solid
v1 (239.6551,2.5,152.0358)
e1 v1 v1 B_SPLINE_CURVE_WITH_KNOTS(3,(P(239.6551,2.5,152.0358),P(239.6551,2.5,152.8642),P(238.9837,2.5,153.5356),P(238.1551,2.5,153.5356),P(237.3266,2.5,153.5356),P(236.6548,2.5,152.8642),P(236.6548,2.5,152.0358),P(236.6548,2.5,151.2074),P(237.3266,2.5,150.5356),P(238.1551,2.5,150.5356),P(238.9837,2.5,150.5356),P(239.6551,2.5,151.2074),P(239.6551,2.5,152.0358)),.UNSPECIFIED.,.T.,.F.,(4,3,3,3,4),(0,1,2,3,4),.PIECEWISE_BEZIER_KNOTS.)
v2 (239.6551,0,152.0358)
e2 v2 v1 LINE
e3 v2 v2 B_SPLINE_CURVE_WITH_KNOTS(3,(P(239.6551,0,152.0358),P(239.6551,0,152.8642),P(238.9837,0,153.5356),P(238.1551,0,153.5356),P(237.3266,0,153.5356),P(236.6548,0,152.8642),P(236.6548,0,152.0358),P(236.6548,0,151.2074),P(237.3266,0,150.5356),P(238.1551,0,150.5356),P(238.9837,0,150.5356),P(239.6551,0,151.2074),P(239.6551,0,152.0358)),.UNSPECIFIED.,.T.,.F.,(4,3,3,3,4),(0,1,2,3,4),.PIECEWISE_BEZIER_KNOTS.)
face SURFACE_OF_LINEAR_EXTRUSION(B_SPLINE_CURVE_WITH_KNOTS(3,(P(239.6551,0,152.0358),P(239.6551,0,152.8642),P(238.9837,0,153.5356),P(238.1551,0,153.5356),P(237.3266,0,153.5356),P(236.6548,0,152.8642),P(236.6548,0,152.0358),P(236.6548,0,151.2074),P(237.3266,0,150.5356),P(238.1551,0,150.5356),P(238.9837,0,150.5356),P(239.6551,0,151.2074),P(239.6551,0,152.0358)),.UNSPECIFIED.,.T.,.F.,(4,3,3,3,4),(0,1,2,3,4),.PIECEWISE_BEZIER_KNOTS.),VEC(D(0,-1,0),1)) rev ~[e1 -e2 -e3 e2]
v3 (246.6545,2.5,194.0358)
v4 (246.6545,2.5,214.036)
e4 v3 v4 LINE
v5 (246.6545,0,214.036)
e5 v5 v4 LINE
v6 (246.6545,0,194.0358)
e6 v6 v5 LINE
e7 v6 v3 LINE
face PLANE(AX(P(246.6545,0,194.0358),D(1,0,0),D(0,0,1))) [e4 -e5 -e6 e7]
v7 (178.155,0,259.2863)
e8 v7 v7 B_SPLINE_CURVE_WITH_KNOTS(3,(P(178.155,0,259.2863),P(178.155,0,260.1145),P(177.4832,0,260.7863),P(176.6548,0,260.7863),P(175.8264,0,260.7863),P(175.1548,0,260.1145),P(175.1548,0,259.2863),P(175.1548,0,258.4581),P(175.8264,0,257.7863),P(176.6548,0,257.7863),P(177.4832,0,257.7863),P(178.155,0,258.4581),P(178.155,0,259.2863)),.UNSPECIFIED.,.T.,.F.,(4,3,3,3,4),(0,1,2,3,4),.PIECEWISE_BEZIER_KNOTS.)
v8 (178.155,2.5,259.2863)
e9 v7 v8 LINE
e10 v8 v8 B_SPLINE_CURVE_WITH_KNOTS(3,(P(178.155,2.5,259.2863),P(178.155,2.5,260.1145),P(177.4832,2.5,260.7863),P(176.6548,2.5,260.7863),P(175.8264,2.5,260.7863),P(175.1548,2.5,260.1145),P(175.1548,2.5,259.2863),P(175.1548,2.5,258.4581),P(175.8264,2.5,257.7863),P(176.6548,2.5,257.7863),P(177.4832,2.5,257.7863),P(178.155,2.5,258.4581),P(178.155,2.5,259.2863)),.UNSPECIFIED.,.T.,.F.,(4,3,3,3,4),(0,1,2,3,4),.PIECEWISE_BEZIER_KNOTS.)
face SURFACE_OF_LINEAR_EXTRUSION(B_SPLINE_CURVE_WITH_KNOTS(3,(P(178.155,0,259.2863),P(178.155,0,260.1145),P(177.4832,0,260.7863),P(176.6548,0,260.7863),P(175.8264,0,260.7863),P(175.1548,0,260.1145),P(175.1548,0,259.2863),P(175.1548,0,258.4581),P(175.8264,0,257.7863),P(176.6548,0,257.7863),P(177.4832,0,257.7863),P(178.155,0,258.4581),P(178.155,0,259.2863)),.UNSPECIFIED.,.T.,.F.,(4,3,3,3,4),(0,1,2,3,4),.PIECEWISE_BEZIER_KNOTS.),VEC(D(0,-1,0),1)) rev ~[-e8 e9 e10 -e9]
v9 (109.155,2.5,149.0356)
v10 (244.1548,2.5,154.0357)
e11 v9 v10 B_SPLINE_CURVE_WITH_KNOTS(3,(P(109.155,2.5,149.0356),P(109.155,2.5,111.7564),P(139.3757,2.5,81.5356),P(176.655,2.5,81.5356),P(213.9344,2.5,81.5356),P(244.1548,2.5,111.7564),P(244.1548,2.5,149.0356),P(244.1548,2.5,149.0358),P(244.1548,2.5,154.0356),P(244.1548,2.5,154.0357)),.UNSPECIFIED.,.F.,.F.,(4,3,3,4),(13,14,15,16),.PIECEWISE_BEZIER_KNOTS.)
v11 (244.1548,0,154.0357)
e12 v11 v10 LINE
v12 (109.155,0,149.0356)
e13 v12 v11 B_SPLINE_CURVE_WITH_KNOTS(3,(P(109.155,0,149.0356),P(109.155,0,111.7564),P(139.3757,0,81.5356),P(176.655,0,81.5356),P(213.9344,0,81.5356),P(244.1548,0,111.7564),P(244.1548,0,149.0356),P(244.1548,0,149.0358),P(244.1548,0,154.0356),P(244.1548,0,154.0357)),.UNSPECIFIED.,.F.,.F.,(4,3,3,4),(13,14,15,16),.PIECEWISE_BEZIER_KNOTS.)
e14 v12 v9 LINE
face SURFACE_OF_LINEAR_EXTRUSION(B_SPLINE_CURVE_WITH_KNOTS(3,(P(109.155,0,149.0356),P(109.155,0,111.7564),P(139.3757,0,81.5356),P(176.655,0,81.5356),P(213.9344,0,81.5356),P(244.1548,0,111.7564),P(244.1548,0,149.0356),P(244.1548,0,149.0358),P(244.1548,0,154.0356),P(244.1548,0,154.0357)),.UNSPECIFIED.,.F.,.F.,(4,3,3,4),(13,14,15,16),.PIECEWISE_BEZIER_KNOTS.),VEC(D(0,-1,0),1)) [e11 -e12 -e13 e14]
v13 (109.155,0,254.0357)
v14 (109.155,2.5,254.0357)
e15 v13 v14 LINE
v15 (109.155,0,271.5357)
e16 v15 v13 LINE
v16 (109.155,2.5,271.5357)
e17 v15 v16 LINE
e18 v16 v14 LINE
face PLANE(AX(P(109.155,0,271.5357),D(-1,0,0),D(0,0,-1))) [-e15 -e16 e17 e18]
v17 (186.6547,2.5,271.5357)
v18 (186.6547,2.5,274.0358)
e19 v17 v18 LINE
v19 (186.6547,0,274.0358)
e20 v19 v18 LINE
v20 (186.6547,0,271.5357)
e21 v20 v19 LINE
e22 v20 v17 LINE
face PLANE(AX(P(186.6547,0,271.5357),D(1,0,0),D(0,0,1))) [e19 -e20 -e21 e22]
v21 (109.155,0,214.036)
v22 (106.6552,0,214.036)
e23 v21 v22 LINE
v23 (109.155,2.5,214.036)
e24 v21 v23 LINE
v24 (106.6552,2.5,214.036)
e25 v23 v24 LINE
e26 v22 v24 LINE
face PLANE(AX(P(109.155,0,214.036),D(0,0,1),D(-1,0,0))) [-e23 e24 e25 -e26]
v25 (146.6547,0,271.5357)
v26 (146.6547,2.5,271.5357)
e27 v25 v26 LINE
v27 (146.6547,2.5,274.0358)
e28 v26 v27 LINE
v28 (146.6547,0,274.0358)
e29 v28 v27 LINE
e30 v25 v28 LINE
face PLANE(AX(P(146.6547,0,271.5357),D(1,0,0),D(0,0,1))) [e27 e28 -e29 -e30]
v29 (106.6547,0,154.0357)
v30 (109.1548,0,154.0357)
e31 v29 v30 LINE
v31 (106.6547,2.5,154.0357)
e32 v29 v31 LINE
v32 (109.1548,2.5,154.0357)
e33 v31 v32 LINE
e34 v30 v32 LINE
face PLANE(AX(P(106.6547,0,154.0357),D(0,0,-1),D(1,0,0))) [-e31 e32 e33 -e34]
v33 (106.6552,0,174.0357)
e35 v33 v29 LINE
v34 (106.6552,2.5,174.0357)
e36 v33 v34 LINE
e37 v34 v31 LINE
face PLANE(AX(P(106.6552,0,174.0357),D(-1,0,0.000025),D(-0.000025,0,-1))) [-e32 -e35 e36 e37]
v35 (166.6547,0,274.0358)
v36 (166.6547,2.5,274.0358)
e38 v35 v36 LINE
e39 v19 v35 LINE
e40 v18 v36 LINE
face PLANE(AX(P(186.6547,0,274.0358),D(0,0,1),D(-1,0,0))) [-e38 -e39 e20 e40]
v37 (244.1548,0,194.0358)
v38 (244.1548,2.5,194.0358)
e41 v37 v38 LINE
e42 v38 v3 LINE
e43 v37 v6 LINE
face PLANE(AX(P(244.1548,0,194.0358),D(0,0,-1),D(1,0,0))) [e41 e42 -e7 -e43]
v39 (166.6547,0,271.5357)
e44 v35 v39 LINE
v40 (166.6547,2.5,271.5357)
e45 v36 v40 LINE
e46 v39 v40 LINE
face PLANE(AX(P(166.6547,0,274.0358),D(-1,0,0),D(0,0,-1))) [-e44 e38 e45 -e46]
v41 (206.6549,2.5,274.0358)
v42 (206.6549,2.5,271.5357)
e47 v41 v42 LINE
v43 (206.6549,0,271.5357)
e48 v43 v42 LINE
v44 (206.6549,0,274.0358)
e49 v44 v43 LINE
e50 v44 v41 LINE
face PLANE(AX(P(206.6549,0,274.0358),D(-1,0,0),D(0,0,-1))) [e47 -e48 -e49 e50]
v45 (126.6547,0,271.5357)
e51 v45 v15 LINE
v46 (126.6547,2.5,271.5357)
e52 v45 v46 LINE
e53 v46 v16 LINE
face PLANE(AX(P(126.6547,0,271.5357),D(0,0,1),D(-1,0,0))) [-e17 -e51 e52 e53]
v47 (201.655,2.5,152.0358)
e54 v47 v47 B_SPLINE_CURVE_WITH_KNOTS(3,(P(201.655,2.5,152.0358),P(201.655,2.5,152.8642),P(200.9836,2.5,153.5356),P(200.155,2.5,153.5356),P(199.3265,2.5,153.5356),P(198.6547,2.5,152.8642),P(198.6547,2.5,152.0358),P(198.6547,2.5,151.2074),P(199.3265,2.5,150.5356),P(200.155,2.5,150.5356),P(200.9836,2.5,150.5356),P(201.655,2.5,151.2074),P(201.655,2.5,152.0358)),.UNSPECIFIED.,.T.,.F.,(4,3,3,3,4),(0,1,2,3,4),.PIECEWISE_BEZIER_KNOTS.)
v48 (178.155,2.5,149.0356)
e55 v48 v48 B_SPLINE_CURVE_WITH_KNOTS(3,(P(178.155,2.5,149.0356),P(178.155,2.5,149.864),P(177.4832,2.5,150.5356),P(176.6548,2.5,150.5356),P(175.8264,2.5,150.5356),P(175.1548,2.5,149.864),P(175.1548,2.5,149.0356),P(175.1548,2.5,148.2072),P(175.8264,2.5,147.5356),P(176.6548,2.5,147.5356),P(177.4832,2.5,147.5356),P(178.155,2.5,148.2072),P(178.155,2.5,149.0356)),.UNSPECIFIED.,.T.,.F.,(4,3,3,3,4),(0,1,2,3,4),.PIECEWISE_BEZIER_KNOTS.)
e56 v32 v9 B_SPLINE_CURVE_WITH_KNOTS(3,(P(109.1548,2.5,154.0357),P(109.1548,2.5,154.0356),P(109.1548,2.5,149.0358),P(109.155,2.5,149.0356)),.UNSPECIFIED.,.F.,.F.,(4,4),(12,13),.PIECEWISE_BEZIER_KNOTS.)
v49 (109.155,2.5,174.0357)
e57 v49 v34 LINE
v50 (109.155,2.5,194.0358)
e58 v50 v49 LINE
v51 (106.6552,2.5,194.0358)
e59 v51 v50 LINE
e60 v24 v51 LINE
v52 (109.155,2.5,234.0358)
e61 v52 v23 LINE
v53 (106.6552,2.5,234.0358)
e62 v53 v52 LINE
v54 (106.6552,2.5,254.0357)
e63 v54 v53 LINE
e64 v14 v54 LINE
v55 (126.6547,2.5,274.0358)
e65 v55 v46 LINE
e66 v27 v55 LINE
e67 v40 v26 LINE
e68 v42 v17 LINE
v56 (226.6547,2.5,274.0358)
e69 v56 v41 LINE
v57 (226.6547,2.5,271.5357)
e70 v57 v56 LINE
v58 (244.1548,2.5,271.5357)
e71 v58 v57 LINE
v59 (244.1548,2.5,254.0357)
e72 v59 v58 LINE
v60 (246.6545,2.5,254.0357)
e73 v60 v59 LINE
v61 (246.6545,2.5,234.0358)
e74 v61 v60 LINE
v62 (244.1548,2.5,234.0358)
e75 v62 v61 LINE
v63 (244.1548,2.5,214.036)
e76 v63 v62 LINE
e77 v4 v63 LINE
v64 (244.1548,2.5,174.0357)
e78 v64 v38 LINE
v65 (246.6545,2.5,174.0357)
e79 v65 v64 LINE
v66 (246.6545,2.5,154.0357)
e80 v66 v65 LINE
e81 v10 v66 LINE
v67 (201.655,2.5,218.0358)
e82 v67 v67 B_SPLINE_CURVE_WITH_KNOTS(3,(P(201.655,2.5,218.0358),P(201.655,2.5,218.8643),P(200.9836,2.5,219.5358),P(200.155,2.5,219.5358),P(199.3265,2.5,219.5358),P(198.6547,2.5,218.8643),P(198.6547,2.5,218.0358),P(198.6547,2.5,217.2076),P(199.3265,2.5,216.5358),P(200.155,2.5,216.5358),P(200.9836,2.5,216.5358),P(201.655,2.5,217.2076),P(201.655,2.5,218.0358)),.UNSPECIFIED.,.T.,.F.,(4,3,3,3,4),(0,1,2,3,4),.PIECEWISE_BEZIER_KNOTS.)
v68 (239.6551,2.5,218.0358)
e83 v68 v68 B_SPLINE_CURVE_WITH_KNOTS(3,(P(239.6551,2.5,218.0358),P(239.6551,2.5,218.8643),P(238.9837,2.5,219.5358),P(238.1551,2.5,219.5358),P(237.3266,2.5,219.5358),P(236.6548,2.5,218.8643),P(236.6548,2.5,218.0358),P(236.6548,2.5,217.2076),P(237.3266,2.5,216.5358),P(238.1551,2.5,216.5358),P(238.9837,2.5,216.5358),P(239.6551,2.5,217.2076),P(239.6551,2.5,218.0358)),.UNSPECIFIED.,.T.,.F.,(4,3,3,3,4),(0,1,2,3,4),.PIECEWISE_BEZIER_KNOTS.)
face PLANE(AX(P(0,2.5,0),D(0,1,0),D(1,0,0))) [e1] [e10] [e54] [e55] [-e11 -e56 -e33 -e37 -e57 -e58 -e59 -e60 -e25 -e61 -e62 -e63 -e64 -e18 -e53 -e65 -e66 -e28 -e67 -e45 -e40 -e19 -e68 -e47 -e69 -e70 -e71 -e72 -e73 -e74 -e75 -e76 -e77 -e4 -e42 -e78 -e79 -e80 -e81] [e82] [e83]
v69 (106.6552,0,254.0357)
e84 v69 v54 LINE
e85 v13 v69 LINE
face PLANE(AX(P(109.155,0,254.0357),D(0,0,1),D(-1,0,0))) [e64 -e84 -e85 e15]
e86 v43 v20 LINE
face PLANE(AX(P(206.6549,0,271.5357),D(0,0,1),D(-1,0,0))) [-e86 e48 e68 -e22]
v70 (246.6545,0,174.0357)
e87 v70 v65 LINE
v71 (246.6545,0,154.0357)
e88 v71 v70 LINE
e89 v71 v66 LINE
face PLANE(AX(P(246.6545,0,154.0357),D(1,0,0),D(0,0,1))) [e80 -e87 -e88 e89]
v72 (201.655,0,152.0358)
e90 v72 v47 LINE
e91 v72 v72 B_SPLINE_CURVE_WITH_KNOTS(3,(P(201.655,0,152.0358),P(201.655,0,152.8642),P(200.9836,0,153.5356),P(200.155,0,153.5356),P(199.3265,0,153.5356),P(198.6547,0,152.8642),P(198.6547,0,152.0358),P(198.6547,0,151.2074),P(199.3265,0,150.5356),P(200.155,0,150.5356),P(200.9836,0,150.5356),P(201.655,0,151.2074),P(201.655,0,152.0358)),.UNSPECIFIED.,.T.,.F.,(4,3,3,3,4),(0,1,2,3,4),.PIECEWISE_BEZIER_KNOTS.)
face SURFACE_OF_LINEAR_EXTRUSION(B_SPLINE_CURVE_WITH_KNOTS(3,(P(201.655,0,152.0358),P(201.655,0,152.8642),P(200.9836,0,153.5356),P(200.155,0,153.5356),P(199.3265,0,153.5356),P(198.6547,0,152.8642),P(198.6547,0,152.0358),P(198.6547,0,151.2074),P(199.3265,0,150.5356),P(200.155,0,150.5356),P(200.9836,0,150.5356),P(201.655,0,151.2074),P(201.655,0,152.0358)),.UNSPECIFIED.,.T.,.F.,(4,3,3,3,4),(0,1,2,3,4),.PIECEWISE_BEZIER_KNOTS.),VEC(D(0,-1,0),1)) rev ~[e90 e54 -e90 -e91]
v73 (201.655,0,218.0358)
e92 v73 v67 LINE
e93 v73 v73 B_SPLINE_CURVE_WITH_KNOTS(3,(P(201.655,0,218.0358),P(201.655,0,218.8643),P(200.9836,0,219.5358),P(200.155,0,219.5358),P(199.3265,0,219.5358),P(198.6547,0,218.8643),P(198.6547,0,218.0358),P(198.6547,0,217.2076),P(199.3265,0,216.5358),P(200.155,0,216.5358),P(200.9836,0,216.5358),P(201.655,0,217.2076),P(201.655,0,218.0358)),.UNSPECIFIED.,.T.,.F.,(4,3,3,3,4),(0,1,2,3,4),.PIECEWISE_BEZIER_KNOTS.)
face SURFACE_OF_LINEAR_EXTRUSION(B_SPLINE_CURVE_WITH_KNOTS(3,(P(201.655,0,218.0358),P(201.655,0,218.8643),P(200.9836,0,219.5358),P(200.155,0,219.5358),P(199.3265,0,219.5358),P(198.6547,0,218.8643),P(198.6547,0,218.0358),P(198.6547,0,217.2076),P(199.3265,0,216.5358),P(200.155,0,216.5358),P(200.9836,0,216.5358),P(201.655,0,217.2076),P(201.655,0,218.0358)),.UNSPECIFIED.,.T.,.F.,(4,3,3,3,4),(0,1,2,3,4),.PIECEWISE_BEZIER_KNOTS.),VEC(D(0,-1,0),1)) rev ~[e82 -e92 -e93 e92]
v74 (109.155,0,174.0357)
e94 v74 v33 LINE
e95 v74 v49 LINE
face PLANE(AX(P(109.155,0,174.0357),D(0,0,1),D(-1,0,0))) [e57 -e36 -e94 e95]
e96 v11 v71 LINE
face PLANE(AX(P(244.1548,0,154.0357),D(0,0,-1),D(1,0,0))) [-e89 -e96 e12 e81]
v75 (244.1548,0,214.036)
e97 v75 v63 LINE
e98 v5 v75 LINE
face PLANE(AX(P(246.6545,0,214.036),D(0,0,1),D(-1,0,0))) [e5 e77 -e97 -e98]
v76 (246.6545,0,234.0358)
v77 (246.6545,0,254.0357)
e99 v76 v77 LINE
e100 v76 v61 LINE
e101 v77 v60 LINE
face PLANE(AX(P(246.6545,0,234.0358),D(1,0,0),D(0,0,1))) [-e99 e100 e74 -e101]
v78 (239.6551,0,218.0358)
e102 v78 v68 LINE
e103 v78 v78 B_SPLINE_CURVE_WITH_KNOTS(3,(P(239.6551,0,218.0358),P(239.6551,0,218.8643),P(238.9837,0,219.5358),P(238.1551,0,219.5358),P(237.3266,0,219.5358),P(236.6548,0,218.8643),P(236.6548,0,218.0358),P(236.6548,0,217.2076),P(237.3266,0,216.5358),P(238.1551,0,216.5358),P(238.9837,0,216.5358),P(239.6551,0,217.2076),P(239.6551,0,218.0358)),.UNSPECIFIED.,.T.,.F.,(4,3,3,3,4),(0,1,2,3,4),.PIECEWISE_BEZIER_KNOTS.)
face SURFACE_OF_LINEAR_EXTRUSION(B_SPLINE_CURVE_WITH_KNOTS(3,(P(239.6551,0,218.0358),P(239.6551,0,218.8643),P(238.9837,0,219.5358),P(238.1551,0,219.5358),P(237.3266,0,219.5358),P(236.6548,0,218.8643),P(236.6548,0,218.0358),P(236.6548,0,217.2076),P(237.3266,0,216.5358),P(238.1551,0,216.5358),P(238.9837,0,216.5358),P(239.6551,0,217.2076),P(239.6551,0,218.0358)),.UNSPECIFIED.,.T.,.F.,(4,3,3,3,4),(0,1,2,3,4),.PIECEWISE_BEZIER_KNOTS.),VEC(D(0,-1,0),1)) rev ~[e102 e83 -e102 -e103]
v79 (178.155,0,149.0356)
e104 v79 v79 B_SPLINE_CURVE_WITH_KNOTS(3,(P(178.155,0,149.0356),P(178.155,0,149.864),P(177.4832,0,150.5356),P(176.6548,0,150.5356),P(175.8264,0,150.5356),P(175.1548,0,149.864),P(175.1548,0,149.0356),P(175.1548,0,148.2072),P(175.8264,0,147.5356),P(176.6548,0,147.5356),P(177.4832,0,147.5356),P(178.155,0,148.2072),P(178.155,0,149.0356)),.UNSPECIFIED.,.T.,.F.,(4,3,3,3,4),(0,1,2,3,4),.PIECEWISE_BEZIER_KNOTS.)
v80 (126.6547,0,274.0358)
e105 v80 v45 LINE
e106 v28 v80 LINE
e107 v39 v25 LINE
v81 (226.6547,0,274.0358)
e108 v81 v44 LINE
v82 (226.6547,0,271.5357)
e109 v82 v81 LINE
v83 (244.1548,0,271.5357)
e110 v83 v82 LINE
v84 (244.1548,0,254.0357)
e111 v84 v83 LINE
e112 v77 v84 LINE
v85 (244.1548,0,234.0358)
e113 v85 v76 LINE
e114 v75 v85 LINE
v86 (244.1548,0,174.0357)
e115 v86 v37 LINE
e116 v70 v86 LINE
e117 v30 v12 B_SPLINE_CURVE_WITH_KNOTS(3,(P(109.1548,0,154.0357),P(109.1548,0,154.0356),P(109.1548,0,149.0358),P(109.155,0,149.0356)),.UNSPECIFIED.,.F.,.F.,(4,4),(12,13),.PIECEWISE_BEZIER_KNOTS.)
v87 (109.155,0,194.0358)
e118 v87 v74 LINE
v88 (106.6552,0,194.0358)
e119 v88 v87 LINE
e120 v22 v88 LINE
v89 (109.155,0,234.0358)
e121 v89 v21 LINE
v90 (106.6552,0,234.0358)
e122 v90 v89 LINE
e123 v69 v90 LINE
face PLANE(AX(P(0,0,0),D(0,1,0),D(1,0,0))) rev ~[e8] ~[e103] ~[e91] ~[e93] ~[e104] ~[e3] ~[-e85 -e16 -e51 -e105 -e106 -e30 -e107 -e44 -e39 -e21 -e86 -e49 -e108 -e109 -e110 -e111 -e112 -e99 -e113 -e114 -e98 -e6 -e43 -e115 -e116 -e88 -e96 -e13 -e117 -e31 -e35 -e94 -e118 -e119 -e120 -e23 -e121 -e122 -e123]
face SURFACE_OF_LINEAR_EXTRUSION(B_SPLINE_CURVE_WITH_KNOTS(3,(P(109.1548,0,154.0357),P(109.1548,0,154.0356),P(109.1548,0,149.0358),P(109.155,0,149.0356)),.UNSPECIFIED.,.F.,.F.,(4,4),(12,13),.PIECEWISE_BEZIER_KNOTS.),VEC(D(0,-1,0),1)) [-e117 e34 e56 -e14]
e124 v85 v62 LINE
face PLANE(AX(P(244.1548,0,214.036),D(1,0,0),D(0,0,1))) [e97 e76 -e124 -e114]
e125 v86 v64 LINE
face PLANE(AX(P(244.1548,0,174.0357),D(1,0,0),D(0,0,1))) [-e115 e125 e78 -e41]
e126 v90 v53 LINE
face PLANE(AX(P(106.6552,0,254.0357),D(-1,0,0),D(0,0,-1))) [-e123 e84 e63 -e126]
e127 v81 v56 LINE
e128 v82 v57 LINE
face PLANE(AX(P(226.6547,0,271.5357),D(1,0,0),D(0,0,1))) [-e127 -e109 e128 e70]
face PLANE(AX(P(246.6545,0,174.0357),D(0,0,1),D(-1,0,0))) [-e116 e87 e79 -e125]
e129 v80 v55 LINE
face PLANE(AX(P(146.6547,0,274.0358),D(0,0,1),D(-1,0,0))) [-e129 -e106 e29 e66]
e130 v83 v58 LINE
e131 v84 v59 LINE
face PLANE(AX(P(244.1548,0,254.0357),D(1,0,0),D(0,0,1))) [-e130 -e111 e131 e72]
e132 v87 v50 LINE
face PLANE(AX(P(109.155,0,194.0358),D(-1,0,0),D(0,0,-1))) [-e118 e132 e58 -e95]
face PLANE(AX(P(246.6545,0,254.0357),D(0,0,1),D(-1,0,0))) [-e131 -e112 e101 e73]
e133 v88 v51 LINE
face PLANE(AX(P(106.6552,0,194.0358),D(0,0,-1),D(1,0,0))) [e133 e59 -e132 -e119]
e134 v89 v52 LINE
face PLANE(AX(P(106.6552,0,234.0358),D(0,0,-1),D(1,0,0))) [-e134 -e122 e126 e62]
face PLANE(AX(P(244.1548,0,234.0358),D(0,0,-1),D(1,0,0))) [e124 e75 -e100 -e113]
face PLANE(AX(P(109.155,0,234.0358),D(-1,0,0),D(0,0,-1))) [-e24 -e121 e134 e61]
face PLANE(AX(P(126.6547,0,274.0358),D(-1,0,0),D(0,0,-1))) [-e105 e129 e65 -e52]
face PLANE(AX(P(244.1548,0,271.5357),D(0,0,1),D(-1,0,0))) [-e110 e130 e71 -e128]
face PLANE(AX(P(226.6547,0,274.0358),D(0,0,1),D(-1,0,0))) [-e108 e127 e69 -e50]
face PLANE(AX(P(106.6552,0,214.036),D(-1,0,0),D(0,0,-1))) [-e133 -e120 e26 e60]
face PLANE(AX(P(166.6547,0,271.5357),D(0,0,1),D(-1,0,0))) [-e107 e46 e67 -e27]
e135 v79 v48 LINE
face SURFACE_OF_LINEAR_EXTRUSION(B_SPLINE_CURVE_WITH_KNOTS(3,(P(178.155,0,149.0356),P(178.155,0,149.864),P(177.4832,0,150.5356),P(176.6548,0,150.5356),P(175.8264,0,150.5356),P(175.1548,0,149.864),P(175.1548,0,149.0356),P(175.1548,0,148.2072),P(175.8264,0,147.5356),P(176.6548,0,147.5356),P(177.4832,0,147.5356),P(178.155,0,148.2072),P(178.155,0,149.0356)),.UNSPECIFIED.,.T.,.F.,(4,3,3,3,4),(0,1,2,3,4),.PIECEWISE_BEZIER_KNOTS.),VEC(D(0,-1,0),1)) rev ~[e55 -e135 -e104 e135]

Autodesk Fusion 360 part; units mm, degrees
sketch "スケッチ1" plane through (0, 0, 0) normal (0, 1, 0) x (1, 0, 0)
  spline S0 degree 3 poles (239.6551, -218.0358) (239.6551, -218.8643) (238.9837, -219.5358) (238.1551, -219.5358) (237.3266, -219.5358) (236.6548, -218.8643) (236.6548, -218.0358) (236.6548, -217.2076) (237.3266, -216.5358) (238.1551, -216.5358) (238.9837, -216.5358) (239.6551, -217.2076) (239.6551, -218.0358) knots 0 0 0 0 1 1 1 2 2 2 3 3 3 4 4 4 4
  line L0 (109.155, -271.5357) -> (109.155, -254.0357)
  line L1 (109.155, -254.0357) -> (106.6552, -254.0357)
  line L2 (106.6552, -254.0357) -> (106.6552, -234.0358)
  line L3 (106.6552, -234.0358) -> (109.155, -234.0358)
  line L4 (109.155, -234.0358) -> (109.155, -214.036)
  line L5 (109.155, -214.036) -> (106.6552, -214.036)
  line L6 (106.6552, -214.036) -> (106.6552, -194.0358)
  line L7 (106.6552, -194.0358) -> (109.155, -194.0358)
  line L8 (109.155, -194.0358) -> (109.155, -174.0357)
  line L9 (109.155, -174.0357) -> (106.6552, -174.0357)
  line L10 (106.6552, -174.0357) -> (106.6547, -154.0357)
  line L11 (106.6547, -154.0357) -> (109.1548, -154.0357)
  spline S1 degree 3 poles (109.1548, -154.0357) (109.1548, -154.0356) (109.1548, -149.0358) (109.155, -149.0356) knots 12 12 12 12 13 13 13 13
  spline S2 degree 3 poles (109.155, -149.0356) (109.155, -111.7564) (139.3757, -81.5356) (176.655, -81.5356) (213.9344, -81.5356) (244.1548, -111.7564) (244.1548, -149.0356) (244.1548, -149.0358) (244.1548, -154.0356) (244.1548, -154.0357) knots 13 13 13 13 14 14 14 15 15 15 16 16 16 16
  line L12 (244.1548, -154.0357) -> (246.6545, -154.0357)
  line L13 (246.6545, -154.0357) -> (246.6545, -174.0357)
  line L14 (246.6545, -174.0357) -> (244.1548, -174.0357)
  line L15 (244.1548, -174.0357) -> (244.1548, -194.0358)
  line L16 (244.1548, -194.0358) -> (246.6545, -194.0358)
  line L17 (246.6545, -194.0358) -> (246.6545, -214.036)
  line L18 (246.6545, -214.036) -> (244.1548, -214.036)
  line L19 (244.1548, -214.036) -> (244.1548, -234.0358)
  line L20 (244.1548, -234.0358) -> (246.6545, -234.0358)
  line L21 (246.6545, -234.0358) -> (246.6545, -254.0357)
  line L22 (246.6545, -254.0357) -> (244.1548, -254.0357)
  line L23 (244.1548, -254.0357) -> (244.1548, -271.5357)
  line L24 (244.1548, -271.5357) -> (226.6547, -271.5357)
  line L25 (226.6547, -271.5357) -> (226.6547, -274.0358)
  line L26 (226.6547, -274.0358) -> (206.6549, -274.0358)
  line L27 (206.6549, -274.0358) -> (206.6549, -271.5357)
  line L28 (206.6549, -271.5357) -> (186.6547, -271.5357)
  line L29 (186.6547, -271.5357) -> (186.6547, -274.0358)
  line L30 (186.6547, -274.0358) -> (166.6547, -274.0358)
  line L31 (166.6547, -274.0358) -> (166.6547, -271.5357)
  line L32 (166.6547, -271.5357) -> (146.6547, -271.5357)
  line L33 (146.6547, -271.5357) -> (146.6547, -274.0358)
  line L34 (146.6547, -274.0358) -> (126.6547, -274.0358)
  line L35 (126.6547, -274.0358) -> (126.6547, -271.5357)
  line L36 (126.6547, -271.5357) -> (109.155, -271.5357)
  spline S3 degree 3 poles (178.155, -149.0356) (178.155, -149.864) (177.4832, -150.5356) (176.6548, -150.5356) (175.8264, -150.5356) (175.1548, -149.864) (175.1548, -149.0356) (175.1548, -148.2072) (175.8264, -147.5356) (176.6548, -147.5356) (177.4832, -147.5356) (178.155, -148.2072) (178.155, -149.0356) knots 0 0 0 0 1 1 1 2 2 2 3 3 3 4 4 4 4
  spline S4 degree 3 poles (178.155, -259.2863) (178.155, -260.1145) (177.4832, -260.7863) (176.6548, -260.7863) (175.8264, -260.7863) (175.1548, -260.1145) (175.1548, -259.2863) (175.1548, -258.4581) (175.8264, -257.7863) (176.6548, -257.7863) (177.4832, -257.7863) (178.155, -258.4581) (178.155, -259.2863) knots 0 0 0 0 1 1 1 2 2 2 3 3 3 4 4 4 4
  spline S5 degree 3 poles (201.655, -152.0358) (201.655, -152.8642) (200.9836, -153.5356) (200.155, -153.5356) (199.3265, -153.5356) (198.6547, -152.8642) (198.6547, -152.0358) (198.6547, -151.2074) (199.3265, -150.5356) (200.155, -150.5356) (200.9836, -150.5356) (201.655, -151.2074) (201.655, -152.0358) knots 0 0 0 0 1 1 1 2 2 2 3 3 3 4 4 4 4
  spline S6 degree 3 poles (201.655, -218.0358) (201.655, -218.8643) (200.9836, -219.5358) (200.155, -219.5358) (199.3265, -219.5358) (198.6547, -218.8643) (198.6547, -218.0358) (198.6547, -217.2076) (199.3265, -216.5358) (200.155, -216.5358) (200.9836, -216.5358) (201.655, -217.2076) (201.655, -218.0358) knots 0 0 0 0 1 1 1 2 2 2 3 3 3 4 4 4 4
  spline S7 degree 3 poles (239.6551, -152.0358) (239.6551, -152.8642) (238.9837, -153.5356) (238.1551, -153.5356) (237.3266, -153.5356) (236.6548, -152.8642) (236.6548, -152.0358) (236.6548, -151.2074) (237.3266, -150.5356) (238.1551, -150.5356) (238.9837, -150.5356) (239.6551, -151.2074) (239.6551, -152.0358) knots 0 0 0 0 1 1 1 2 2 2 3 3 3 4 4 4 4
extrude "押し出し1" add sketch "スケッチ1" along normal blind 2.5
